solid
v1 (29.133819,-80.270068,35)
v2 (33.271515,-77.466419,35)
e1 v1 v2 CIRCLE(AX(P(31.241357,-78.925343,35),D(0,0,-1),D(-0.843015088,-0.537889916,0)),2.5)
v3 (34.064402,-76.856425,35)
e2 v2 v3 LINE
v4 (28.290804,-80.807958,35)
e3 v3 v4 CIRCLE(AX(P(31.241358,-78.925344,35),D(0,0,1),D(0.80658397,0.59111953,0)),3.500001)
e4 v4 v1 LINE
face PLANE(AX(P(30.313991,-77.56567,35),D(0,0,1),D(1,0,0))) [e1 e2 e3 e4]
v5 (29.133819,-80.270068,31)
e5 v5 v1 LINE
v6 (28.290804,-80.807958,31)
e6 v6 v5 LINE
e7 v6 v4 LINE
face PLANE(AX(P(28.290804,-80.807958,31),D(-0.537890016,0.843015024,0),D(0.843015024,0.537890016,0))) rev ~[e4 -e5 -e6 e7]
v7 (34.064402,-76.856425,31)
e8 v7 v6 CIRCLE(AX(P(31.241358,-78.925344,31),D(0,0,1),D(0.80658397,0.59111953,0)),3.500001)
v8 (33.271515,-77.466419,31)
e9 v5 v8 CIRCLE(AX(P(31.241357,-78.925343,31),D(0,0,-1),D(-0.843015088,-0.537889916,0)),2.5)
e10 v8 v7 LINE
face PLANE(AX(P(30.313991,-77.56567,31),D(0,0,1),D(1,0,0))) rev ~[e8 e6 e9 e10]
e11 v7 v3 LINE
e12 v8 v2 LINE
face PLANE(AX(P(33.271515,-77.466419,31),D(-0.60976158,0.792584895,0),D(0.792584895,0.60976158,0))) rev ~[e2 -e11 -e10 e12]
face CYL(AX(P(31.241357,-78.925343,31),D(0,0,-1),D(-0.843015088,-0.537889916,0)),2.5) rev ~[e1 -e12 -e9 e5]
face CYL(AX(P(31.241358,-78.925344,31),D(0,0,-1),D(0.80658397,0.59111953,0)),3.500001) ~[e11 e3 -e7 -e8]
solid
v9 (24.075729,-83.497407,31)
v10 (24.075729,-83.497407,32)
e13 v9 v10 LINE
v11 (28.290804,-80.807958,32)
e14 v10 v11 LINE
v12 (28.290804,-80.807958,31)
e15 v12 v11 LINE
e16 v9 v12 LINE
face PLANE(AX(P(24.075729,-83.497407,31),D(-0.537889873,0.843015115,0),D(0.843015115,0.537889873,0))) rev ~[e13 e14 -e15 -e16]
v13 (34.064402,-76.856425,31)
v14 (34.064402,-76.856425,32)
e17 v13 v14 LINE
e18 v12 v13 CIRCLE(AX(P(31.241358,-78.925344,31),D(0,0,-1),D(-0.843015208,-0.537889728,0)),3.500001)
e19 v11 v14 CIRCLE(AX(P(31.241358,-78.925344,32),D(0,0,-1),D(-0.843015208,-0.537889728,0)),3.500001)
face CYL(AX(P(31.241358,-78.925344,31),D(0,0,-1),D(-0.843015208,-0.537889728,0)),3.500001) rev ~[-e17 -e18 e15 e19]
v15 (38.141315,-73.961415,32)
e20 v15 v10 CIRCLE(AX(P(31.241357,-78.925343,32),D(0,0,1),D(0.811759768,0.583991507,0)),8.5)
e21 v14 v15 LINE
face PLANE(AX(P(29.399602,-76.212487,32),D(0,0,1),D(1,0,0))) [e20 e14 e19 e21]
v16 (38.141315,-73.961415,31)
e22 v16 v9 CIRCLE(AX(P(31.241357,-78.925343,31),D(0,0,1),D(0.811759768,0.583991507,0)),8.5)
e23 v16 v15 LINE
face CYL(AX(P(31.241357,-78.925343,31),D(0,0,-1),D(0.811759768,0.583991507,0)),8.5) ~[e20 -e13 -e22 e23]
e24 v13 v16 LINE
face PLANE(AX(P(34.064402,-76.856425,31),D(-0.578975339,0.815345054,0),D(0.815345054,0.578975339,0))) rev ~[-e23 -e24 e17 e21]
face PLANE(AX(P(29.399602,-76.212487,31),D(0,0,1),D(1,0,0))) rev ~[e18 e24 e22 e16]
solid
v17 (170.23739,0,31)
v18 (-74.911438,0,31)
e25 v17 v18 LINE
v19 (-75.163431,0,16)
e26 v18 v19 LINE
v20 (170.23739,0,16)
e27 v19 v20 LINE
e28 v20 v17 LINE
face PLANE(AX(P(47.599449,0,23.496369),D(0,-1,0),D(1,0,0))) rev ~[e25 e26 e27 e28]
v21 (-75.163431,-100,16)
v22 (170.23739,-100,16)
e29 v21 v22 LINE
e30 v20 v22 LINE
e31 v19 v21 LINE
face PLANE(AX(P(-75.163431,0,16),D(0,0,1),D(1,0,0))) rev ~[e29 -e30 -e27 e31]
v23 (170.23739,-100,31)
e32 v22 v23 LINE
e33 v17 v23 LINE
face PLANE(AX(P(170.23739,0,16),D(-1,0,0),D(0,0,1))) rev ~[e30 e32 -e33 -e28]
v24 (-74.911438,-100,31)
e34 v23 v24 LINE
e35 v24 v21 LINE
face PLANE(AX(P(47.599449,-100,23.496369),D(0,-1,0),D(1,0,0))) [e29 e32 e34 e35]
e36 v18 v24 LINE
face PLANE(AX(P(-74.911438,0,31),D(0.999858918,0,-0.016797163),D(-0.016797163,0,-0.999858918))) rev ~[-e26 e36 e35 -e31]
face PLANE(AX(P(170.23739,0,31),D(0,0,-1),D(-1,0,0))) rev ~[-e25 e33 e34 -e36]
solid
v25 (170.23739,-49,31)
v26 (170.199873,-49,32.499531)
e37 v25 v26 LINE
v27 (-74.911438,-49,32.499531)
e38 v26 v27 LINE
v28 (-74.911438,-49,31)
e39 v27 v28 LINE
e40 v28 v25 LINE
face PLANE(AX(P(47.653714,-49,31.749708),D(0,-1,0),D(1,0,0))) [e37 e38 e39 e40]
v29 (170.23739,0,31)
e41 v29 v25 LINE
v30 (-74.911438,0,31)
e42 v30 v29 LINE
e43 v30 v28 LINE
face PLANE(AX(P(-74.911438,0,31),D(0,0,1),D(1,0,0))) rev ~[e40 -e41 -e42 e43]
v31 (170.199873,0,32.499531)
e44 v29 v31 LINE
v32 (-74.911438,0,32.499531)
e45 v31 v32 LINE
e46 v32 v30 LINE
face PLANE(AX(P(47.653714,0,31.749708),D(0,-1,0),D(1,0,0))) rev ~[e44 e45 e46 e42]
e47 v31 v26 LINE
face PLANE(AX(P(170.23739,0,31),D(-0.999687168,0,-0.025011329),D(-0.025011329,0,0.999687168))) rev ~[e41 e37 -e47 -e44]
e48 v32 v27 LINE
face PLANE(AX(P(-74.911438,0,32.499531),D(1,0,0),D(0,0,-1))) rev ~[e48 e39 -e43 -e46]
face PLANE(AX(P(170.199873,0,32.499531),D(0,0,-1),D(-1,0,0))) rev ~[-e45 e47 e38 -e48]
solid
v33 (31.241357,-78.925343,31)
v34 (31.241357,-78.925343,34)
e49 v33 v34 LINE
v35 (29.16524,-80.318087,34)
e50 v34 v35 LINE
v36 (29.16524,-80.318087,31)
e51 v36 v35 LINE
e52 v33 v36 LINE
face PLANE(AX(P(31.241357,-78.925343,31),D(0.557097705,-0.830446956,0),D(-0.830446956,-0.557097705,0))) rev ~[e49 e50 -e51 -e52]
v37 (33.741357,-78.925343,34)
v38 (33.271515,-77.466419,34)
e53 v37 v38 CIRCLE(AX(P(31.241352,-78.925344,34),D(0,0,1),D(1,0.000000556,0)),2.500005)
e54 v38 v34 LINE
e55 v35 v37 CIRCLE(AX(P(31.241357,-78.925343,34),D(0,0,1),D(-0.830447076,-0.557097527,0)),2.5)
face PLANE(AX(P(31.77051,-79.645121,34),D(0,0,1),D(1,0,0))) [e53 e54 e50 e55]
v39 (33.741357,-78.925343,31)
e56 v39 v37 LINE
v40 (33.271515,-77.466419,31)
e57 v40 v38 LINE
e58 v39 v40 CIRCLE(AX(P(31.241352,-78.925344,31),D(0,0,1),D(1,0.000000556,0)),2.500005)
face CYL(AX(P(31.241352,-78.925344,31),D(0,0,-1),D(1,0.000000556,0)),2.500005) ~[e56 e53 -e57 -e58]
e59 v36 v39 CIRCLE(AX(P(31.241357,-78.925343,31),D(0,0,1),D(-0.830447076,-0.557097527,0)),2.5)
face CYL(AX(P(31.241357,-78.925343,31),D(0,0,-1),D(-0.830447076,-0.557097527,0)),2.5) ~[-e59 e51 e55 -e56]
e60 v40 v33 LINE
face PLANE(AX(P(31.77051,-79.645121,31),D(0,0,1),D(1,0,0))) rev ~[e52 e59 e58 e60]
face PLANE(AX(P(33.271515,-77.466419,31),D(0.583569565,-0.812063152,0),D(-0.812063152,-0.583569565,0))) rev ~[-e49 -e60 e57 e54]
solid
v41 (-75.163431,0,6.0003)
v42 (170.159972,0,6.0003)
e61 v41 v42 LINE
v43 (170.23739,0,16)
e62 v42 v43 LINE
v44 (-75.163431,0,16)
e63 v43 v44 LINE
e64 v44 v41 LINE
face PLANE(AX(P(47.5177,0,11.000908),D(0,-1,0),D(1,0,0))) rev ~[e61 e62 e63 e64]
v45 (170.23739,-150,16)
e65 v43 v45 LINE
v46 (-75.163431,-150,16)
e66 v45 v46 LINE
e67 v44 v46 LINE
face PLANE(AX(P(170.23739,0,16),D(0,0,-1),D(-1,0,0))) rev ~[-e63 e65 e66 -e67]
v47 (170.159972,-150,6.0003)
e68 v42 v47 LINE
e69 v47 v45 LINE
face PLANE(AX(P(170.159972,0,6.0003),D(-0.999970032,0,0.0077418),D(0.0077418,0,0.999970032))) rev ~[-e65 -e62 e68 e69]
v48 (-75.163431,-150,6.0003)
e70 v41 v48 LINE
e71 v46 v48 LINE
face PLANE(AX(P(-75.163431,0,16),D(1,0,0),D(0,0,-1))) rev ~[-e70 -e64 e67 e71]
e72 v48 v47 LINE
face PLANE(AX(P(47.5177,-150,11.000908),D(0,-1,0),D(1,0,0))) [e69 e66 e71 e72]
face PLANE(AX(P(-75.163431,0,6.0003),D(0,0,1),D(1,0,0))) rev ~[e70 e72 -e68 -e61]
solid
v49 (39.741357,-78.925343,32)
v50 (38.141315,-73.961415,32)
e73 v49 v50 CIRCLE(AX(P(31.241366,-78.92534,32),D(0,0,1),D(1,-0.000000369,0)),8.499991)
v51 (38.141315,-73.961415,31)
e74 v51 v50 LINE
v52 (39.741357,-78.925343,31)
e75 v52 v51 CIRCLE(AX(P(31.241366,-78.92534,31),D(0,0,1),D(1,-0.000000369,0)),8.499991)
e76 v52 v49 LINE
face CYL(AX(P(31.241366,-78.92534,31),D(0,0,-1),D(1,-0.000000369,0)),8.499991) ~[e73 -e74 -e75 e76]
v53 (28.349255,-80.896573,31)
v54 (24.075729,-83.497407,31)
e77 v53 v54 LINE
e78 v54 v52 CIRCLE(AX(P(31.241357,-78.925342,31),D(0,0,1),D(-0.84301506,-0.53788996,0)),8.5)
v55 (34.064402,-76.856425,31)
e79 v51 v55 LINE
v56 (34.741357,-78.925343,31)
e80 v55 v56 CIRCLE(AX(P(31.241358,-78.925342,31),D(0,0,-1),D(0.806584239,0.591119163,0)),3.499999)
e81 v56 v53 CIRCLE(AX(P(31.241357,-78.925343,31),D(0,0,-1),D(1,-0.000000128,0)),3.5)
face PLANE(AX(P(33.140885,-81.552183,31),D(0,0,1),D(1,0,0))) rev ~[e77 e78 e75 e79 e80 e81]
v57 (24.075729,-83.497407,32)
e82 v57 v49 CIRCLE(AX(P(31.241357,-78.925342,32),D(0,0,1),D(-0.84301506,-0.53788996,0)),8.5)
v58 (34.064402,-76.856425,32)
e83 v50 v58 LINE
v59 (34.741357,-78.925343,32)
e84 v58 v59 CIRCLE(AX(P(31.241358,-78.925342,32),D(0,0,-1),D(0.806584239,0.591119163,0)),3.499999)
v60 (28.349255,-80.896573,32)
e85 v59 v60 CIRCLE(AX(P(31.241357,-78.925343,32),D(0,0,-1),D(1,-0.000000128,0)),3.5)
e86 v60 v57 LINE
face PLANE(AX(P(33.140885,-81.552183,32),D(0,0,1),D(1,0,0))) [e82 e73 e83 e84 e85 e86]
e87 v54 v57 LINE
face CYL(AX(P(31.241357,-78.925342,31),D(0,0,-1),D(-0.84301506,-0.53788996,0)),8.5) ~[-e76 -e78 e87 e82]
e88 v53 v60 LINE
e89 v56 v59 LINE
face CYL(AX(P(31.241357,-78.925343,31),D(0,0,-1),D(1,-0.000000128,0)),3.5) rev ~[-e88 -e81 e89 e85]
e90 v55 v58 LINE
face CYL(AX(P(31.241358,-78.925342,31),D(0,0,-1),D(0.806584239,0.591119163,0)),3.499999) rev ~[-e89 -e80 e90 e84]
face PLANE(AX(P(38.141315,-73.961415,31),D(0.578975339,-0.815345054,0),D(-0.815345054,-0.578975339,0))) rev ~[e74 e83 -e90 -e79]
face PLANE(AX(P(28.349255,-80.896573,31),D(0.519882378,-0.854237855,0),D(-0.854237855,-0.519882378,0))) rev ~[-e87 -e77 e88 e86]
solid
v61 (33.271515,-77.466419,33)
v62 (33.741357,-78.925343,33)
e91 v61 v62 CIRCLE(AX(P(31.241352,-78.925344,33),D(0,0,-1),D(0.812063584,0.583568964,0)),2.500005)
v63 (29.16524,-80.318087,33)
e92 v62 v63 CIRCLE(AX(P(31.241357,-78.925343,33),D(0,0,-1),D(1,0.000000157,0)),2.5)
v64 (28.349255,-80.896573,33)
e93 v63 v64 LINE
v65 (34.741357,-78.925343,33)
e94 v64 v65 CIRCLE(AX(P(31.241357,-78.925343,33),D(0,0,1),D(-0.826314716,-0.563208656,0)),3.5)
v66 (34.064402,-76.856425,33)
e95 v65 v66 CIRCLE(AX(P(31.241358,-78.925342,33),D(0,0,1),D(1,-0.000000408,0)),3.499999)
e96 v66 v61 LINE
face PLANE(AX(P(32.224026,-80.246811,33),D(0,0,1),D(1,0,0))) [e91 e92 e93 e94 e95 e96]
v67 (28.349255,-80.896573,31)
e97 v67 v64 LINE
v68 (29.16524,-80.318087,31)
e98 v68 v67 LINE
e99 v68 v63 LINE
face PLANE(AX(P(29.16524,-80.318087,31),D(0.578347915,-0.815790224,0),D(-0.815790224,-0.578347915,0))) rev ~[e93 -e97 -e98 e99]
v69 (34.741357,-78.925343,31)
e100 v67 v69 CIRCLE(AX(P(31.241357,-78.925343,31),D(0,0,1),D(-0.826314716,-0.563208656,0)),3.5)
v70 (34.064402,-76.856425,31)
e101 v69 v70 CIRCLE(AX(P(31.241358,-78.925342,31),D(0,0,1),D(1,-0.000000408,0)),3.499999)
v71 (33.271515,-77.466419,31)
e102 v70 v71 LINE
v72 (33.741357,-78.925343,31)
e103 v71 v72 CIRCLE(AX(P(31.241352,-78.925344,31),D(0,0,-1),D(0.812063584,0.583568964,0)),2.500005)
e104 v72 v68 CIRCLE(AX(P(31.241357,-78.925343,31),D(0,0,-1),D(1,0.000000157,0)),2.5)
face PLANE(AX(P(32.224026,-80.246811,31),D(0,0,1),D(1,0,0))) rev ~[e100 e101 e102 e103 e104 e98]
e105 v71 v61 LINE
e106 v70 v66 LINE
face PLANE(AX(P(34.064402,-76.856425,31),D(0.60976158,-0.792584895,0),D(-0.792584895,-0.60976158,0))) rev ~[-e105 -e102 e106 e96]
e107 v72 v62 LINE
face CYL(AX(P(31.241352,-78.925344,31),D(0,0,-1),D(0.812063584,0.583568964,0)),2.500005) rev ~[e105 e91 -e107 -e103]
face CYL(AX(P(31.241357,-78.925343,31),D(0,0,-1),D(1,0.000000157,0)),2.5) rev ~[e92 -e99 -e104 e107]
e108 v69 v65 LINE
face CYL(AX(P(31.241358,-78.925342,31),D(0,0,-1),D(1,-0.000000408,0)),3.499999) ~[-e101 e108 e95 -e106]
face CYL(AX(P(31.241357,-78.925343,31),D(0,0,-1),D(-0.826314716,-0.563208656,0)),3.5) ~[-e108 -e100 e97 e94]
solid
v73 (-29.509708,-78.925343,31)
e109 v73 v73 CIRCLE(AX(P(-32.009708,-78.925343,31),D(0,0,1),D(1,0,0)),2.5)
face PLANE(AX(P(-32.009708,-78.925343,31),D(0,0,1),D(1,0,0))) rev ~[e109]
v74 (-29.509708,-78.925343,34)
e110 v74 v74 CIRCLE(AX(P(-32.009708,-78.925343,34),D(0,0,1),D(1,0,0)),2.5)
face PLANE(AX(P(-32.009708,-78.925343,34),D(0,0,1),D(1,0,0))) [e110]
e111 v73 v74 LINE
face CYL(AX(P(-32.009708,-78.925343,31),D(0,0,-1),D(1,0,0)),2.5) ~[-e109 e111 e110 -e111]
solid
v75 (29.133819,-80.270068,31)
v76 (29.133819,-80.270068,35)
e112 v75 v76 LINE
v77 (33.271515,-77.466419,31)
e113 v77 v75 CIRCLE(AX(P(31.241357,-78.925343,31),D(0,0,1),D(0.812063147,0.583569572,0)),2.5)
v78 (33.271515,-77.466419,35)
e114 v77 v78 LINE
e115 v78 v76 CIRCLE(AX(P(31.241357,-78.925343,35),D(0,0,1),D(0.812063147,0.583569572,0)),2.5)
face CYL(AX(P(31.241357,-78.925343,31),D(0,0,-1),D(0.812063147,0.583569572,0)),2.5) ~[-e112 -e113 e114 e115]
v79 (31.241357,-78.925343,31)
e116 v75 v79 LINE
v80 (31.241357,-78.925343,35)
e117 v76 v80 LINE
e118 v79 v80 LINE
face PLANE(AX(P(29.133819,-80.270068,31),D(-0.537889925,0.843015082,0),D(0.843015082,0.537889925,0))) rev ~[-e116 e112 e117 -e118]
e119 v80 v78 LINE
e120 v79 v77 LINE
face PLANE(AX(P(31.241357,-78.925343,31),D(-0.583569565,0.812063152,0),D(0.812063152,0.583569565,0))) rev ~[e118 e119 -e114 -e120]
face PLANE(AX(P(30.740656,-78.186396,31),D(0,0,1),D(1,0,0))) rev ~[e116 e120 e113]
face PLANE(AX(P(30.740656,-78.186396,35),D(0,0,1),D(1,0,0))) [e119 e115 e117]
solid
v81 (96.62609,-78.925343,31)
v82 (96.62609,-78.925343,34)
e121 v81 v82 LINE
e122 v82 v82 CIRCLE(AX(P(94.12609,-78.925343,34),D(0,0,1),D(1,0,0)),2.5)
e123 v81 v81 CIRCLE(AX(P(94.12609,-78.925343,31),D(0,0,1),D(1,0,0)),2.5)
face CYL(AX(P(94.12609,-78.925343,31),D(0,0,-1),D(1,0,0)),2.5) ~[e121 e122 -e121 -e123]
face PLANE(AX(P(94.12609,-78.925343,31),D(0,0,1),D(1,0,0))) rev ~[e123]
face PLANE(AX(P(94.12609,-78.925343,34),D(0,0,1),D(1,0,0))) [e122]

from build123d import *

# Parameters (mm, degrees)
F1_DEPTH  = 150
F2_DEPTH  = 100
F3_DEPTH  = 49
F4_R      = 2.5
F5_DEPTH  = 3
F6_DEPTH  = 3
F7_DEPTH  = 3
F8_DEPTH  = 4
F9_DEPTH  = 4
F10_DEPTH = 2
F11_DEPTH = 1
F12_DEPTH = 1


with BuildPart() as f1:
    # F0 (on Front) → F1 (new body)
    with BuildSketch(Plane.XZ):
        Polygon((-21.76261, 16), (-43.054478, 16), (-75.163431, 16), (-75.163431, 6.0003), (170.159972, 6.0003), (170.23739, 16), (148.945522, 16), (106.23739, 16), (84.945522, 16), (42.23739, 16), (20.945522, 16), align=None)
    extrude(amount=F1_DEPTH)


with BuildPart() as f2:
    # F0 (on Front) → F2 (new body)
    with BuildSketch(Plane.XZ):
        Polygon((-75.163431, 16), (-43.054478, 16), (-21.76261, 16), (20.945522, 16), (42.23739, 16), (84.945522, 16), (106.23739, 16), (148.945522, 16), (170.23739, 16), (170.23739, 31), (-74.911438, 31), align=None)
    extrude(amount=F2_DEPTH)


with BuildPart() as f3:
    # F0 (on Front) → F3 (new body)
    with BuildSketch(Plane.XZ):
        Polygon((-74.911438, 32.499531), (-74.911438, 31), (170.23739, 31), (170.199873, 32.499531), align=None)
    extrude(amount=F3_DEPTH)


with BuildPart() as f5:
    # F4 (on face) → F5 (new body)
    with BuildSketch(Plane.XY.offset(31)):
        with Locations((94.12609, -78.925343)):
            Circle(F4_R)
    extrude(amount=F5_DEPTH)


with BuildPart() as f6:
    # F4 (on face) → F6 (new body)
    with BuildSketch(Plane.XY.offset(31)):
        with Locations((-32.009708, -78.925343)):
            Circle(F4_R)
    extrude(amount=F6_DEPTH)


with BuildPart() as f7:
    # F4 (on face) → F7 (new body)
    with BuildSketch(Plane.XY.offset(31)):
        with BuildLine():
            ThreePointArc((29.16524, -80.318087), (31.969267, -81.317026), (33.741357, -78.925343))
            ThreePointArc((33.741357, -78.925343), (33.620999, -78.158986), (33.271515, -77.466419))
            Line((33.271515, -77.466419), (31.241357, -78.925343))
            Line((31.241357, -78.925343), (29.16524, -80.318087))
        make_face()
    extrude(amount=F7_DEPTH)


with BuildPart() as f8:
    # F4 (on face) → F8 (new body)
    with BuildSketch(Plane.XY.offset(31)):
        with BuildLine():
            Line((31.241357, -78.925343), (33.271515, -77.466419))
            ThreePointArc((33.271515, -77.466419), (29.838999, -76.855707), (29.133819, -80.270068))
            Line((29.133819, -80.270068), (31.241357, -78.925343))
        make_face()
    extrude(amount=F8_DEPTH)


with BuildPart() as f9:
    # F4 (on face) → F9 (new body)
    with BuildSketch(Plane.XY.offset(31)):
        with BuildLine():
            ThreePointArc((29.133819, -80.270068), (29.838999, -76.855707), (33.271515, -77.466419))
            Line((33.271515, -77.466419), (34.064402, -76.856425))
            ThreePointArc((34.064402, -76.856425), (29.264563, -76.037042), (28.290804, -80.807958))
            Line((28.290804, -80.807958), (29.133819, -80.270068))
        make_face()
    extrude(amount=F9_DEPTH)


with BuildPart() as f10:
    # F4 (on face) → F10 (new body)
    with BuildSketch(Plane.XY.offset(31)):
        with BuildLine():
            ThreePointArc((33.271515, -77.466419), (33.620999, -78.158986), (33.741357, -78.925343))
            ThreePointArc((33.741357, -78.925343), (31.969267, -81.317026), (29.16524, -80.318087))
            Line((29.16524, -80.318087), (28.349255, -80.896573))
            ThreePointArc((28.349255, -80.896573), (32.272775, -82.269917), (34.741357, -78.925343))
            ThreePointArc((34.741357, -78.925343), (34.567816, -77.836916), (34.064402, -76.856425))
            Line((34.064402, -76.856425), (33.271515, -77.466419))
        make_face()
    extrude(amount=F10_DEPTH)


with BuildPart() as f11:
    # F4 (on face) → F11 (new body)
    with BuildSketch(Plane.XY.offset(31)):
        with BuildLine():
            ThreePointArc((28.290804, -80.807958), (29.264563, -76.037042), (34.064402, -76.856425))
            Line((34.064402, -76.856425), (38.141315, -73.961415))
            ThreePointArc((38.141315, -73.961415), (26.471511, -71.889821), (24.075729, -83.497407))
            Line((24.075729, -83.497407), (28.290804, -80.807958))
        make_face()
    extrude(amount=F11_DEPTH)


with BuildPart() as f12:
    # F4 (on face) → F12 (new body)
    with BuildSketch(Plane.XY.offset(31)):
        with BuildLine():
            Line((38.141315, -73.961415), (34.064402, -76.856425))
            ThreePointArc((34.064402, -76.856425), (34.567816, -77.836916), (34.741357, -78.925343))
            ThreePointArc((34.741357, -78.925343), (32.272775, -82.269917), (28.349255, -80.896573))
            Line((28.349255, -80.896573), (24.075729, -83.497407))
            ThreePointArc((24.075729, -83.497407), (33.62276, -87.084933), (39.741357, -78.925343))
            ThreePointArc((39.741357, -78.925343), (39.331464, -76.317628), (38.141315, -73.961415))
        make_face()
    extrude(amount=F12_DEPTH)


solid = Compound([f1.part, f2.part, f3.part, f5.part, f6.part, f7.part, f8.part, f9.part, f10.part, f11.part, f12.part])
